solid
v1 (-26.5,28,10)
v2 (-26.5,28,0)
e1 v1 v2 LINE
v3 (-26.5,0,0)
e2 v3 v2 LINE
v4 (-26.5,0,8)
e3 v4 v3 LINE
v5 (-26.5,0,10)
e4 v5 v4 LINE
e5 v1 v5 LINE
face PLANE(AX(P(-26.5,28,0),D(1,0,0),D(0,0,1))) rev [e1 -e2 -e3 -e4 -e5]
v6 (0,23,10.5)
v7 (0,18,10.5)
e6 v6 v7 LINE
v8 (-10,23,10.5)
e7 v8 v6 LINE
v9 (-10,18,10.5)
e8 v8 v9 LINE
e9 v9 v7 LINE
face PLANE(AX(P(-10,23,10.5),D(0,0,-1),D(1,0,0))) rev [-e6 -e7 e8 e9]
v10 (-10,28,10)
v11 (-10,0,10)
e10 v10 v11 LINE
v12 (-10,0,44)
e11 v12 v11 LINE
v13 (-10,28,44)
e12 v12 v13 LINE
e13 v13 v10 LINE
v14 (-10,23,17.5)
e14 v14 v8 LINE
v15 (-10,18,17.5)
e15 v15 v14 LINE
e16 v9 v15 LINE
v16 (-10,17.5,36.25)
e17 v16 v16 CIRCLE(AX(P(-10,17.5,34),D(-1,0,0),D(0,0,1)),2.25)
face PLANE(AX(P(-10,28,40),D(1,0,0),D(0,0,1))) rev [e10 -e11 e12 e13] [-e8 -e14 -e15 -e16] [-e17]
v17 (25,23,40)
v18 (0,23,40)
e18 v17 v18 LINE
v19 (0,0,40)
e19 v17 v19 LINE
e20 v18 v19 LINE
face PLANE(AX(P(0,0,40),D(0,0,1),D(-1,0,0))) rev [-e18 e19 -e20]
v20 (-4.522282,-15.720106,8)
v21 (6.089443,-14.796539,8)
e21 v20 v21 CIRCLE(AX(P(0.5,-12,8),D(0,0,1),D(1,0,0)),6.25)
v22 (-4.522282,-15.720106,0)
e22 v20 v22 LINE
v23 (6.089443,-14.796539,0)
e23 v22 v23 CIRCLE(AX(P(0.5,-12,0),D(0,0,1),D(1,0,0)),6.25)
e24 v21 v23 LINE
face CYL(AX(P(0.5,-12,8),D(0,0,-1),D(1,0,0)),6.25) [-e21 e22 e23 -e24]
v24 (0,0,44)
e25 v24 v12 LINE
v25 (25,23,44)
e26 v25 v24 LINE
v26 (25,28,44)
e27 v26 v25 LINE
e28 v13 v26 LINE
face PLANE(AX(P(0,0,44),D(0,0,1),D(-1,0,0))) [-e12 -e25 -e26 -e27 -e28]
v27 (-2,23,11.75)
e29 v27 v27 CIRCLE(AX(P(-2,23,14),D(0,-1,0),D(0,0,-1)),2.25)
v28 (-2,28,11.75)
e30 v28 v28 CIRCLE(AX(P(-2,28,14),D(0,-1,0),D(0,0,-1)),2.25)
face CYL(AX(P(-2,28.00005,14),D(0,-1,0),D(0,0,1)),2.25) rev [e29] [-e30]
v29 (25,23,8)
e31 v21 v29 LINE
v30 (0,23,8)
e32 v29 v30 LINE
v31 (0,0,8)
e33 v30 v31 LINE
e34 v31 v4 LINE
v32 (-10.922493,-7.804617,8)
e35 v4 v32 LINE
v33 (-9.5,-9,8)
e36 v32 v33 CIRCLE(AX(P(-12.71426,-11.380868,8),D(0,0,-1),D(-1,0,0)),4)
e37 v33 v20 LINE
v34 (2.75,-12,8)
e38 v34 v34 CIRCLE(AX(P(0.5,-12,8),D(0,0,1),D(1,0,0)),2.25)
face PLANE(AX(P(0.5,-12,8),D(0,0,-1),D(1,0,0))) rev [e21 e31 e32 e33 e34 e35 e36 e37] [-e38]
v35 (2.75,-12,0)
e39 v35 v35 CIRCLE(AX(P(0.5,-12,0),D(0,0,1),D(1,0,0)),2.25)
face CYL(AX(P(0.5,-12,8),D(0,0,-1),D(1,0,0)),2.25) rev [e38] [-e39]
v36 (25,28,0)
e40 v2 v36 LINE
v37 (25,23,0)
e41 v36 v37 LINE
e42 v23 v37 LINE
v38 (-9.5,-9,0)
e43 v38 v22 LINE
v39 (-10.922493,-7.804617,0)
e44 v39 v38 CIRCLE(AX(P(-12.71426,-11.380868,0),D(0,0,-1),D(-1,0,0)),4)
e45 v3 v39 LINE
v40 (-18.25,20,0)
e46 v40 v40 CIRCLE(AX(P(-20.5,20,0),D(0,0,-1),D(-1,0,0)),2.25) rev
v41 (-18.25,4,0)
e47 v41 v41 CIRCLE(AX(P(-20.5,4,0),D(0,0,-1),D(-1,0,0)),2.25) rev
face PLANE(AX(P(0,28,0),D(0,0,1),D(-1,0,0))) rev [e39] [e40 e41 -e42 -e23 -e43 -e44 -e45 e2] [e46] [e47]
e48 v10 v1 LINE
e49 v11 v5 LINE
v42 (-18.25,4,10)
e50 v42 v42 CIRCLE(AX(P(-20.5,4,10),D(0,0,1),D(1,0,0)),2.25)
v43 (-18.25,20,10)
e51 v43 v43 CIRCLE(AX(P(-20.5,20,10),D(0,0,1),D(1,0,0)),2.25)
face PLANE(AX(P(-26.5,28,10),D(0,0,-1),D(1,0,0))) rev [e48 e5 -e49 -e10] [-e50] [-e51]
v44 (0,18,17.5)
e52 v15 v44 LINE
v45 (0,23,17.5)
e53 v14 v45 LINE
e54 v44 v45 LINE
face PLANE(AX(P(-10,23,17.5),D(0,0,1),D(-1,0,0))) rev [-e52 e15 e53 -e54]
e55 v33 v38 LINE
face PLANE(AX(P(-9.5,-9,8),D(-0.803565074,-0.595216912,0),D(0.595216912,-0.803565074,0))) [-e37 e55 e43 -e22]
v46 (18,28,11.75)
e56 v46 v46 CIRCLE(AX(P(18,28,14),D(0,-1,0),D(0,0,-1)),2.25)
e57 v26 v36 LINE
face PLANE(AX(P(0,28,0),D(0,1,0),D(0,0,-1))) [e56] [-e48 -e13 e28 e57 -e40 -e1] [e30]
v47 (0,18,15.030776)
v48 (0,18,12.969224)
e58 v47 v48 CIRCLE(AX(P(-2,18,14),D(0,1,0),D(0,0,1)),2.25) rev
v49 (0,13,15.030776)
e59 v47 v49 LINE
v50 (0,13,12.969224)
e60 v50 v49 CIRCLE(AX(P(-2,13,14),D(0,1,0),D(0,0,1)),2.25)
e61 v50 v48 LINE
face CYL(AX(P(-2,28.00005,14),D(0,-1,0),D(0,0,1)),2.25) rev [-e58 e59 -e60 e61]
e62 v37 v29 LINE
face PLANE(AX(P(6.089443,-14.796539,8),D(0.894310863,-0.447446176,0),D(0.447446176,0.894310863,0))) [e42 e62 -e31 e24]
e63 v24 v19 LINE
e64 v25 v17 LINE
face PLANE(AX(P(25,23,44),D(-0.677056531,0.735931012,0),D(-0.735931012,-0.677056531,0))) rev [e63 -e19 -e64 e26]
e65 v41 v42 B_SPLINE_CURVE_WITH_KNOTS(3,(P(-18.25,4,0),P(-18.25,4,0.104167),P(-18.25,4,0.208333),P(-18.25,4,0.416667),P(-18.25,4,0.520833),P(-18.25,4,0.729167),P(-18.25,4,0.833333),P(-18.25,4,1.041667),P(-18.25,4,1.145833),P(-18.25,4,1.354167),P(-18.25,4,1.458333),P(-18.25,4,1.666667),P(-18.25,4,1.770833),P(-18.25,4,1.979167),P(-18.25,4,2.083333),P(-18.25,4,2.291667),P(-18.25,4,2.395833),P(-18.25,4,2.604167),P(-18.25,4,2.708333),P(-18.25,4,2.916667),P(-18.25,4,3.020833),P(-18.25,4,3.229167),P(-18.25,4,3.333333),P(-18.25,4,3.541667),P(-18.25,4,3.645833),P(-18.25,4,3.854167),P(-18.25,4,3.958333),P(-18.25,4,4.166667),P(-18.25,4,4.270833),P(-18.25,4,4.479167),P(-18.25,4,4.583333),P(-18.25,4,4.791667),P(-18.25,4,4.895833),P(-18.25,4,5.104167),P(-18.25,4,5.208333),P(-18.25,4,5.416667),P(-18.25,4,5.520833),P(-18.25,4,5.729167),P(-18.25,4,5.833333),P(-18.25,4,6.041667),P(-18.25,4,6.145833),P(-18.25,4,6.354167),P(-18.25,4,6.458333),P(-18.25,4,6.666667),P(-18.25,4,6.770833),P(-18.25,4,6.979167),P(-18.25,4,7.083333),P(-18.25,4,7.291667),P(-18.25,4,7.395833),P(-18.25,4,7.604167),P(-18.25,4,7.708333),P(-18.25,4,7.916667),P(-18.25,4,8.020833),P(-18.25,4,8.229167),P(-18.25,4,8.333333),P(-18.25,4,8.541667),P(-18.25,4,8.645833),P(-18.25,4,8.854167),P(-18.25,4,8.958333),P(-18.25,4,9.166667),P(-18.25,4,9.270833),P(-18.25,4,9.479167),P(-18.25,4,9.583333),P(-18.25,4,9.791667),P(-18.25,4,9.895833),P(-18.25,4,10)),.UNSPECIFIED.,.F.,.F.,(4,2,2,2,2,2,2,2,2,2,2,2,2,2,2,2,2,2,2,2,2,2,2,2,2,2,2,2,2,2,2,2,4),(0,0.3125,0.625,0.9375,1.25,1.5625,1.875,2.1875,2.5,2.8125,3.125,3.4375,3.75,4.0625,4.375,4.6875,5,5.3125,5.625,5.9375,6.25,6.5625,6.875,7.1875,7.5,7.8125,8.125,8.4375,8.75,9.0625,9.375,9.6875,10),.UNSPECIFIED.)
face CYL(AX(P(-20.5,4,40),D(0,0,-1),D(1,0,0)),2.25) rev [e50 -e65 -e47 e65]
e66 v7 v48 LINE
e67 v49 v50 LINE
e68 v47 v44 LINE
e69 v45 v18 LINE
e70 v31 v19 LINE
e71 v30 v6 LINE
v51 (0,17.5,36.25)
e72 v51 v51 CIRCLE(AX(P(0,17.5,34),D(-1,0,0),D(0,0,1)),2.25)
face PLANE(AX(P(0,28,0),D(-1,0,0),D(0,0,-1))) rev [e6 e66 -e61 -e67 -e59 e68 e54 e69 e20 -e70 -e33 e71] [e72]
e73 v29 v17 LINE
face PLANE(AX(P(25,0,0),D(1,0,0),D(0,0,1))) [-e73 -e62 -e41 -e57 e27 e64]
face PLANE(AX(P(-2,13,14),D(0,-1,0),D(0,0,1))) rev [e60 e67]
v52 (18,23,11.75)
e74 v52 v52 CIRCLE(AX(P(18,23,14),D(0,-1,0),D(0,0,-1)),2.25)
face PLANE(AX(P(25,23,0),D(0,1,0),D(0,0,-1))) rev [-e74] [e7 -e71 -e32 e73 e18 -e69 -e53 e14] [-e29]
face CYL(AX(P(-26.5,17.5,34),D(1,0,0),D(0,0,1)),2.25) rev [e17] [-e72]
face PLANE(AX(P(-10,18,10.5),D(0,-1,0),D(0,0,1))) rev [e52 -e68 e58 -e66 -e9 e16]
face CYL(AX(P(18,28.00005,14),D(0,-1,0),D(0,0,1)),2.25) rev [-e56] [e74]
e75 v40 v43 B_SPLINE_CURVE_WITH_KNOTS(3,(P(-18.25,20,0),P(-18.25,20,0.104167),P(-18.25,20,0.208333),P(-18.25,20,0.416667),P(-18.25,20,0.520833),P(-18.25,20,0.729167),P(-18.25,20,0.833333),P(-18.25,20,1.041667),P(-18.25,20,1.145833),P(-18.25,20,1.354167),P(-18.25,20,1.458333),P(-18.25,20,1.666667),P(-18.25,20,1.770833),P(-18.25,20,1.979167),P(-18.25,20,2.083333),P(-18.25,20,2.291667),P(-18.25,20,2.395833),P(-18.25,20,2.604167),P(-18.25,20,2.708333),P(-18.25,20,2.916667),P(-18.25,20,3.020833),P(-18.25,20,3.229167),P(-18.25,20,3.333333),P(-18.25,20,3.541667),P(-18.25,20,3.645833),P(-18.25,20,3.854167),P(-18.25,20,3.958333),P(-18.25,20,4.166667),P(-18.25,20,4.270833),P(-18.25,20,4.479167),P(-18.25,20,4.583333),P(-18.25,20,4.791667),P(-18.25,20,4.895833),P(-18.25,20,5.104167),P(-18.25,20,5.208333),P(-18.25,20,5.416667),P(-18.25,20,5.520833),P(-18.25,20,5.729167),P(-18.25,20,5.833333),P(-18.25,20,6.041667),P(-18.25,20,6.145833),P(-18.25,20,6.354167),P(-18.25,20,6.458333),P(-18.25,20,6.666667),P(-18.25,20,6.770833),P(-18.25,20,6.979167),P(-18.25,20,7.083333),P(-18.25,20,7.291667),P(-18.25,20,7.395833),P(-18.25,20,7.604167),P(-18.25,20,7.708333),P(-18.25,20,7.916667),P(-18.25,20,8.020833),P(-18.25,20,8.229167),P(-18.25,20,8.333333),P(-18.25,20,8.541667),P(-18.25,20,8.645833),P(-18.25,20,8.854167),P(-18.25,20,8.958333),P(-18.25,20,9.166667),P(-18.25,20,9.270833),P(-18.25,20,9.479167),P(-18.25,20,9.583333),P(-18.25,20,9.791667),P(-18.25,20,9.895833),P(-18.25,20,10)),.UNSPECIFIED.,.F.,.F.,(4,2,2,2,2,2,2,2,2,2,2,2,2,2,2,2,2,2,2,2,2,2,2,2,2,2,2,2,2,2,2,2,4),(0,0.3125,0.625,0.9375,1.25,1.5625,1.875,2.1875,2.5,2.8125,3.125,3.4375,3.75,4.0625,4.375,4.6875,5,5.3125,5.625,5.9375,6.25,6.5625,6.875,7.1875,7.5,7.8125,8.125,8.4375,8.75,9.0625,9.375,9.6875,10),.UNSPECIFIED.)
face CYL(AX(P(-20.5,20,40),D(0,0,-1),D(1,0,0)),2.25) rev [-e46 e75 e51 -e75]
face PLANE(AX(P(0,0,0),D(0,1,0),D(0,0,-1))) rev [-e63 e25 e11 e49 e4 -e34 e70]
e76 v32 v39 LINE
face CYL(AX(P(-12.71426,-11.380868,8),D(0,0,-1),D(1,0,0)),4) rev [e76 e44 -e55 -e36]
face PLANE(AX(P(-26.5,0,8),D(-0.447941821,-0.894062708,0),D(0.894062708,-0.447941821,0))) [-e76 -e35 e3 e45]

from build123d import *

# Parameters (mm, degrees)
BOSS_EXTRUDE1_DEPTH     = 28
BOSS_EXTRUDE2_DEPTH     = 12
SKETCH3_R               = 2.25
CUT_EXTRUDE1_DEPTH      = 62.565006294
SKETCH4_R               = 2.25
CUT_EXTRUDE2_DEPTH      = 56.554027757
SKETCH5_W               = 40
SKETCH5_H               = 5
BOSS_EXTRUDE3_DEPTH     = 25
CUT_EXTRUDE3_DEPTH      = 10
CUT_EXTRUDE3_DEPTH_BACK = 54.209491634
SKETCH6_R               = 2.25
SKETCH7_W               = 7
SKETCH7_H               = 5
CUT_EXTRUDE4_DEPTH      = 10
SKETCH8_R               = 2.25
BOSS_EXTRUDE4_DEPTH     = 8
BOSS_EXTRUDE6_DEPTH     = 4
SKETCH10_W              = 8
SKETCH10_H              = 28
CUT_EXTRUDE5_DEPTH      = 66.423619588


with BuildPart() as part:
    # Sketch1 → Boss-Extrude1 (new body)
    with BuildSketch(Plane(origin=(0, 0, 0), x_dir=(1, 0, 0), z_dir=(0, 1, 0))):
        Polygon((0, 0), (-26.5, 0), (-26.5, 10), (-10, 10), (-10, 40), (0, 40), align=None)
    extrude(amount=BOSS_EXTRUDE1_DEPTH)

    # Sketch2 → Boss-Extrude2 (add)
    with BuildSketch(Plane.ZY.offset(26.5)):
        with BuildLine():
            Line((0, 28), (0, 0))
            Line((0, 0), (8, 0))
            Line((8, 0), (8, 8))
            ThreePointArc((8, 8), (4, 12), (8, 16))
            Line((8, 16), (8, 28))
            Line((8, 28), (0, 28))
        make_face()
    extrude(amount=-BOSS_EXTRUDE2_DEPTH)

    # Sketch3 → Cut-Extrude1 (cut, through all)
    with BuildSketch(Plane.XY.offset(8)):
        with Locations((-20.5, 20)):
            Circle(SKETCH3_R)
        with Locations((-20.5, 4)):
            Circle(SKETCH3_R)
    extrude(amount=-CUT_EXTRUDE1_DEPTH, mode=Mode.SUBTRACT)

    # Sketch4 → Cut-Extrude2 (cut, through all)
    with BuildSketch(Plane(origin=(0, 0, 0), x_dir=(0, 0, -1), z_dir=(1, 0, 0))):
        with Locations((34, 17.5)):
            Circle(SKETCH4_R)
    extrude(amount=-CUT_EXTRUDE2_DEPTH, mode=Mode.SUBTRACT)

    # Sketch5 → Boss-Extrude3 (add)
    with BuildSketch(Plane(origin=(0, 0, 0), x_dir=(0, 0, -1), z_dir=(1, 0, 0))):
        with Locations((20, 25.5)):
            Rectangle(SKETCH5_W, SKETCH5_H)
    extrude(amount=BOSS_EXTRUDE3_DEPTH)

    # Sketch6 → Cut-Extrude3 (cut, two sides: drawn at the far end of the back side and taken through both)
    with BuildSketch(Plane.XZ.offset(-23).offset(-CUT_EXTRUDE3_DEPTH_BACK)):
        with Locations(Location((-2, -14, 0), (0, 0, 332.733955549))):
            Circle(SKETCH6_R)
        with Locations(Location((18, -14, 0), (0, 0, 90))):
            Circle(SKETCH6_R)
    extrude(amount=CUT_EXTRUDE3_DEPTH + CUT_EXTRUDE3_DEPTH_BACK, mode=Mode.SUBTRACT)

    # Sketch7 → Cut-Extrude4 (cut)
    with BuildSketch(Plane(origin=(0, 0, 0), x_dir=(0, 0, -1), z_dir=(1, 0, 0))):
        with Locations((14, 20.5)):
            Rectangle(SKETCH7_W, SKETCH7_H)
    extrude(amount=-CUT_EXTRUDE4_DEPTH, mode=Mode.SUBTRACT)

    # Sketch8 → Boss-Extrude4 (add)
    with BuildSketch(Plane.XY):
        with BuildLine():
            Line((-9.5, -9), (-4.52228171, -15.720105701))
            ThreePointArc((-4.52228171, -15.720105701), (1.041905897, -18.22646272), (6.089442895, -14.796538598))
            Line((6.089442895, -14.796538598), (25, 23))
            Line((25, 23), (0, 23))
            Line((0, 23), (0, 0))
            Line((0, 0), (-26.5, 0))
            Line((-26.5, 0), (-10.922493011, -7.804616818))
            ThreePointArc((-10.922493011, -7.804616818), (-10.14087473, -8.318566759), (-9.5, -9))
        make_face()
        with Locations((0.5, -12)):
            Circle(SKETCH8_R, mode=Mode.SUBTRACT)
    extrude(amount=-BOSS_EXTRUDE4_DEPTH)

    # Sketch9 → Boss-Extrude6 (add)
    with BuildSketch(Plane(origin=(0, 0, -40), x_dir=(-1, 0, 0), z_dir=(0, 0, -1))):
        Polygon((-25, 23), (0, 0), (10, 0), (10, 28), (-25, 28), align=None)
    extrude(amount=BOSS_EXTRUDE6_DEPTH)

    # Sketch10 → Cut-Extrude5 (cut, through all)
    with BuildSketch(Plane(origin=(-14.5, 0, 0), x_dir=(0, 0, -1), z_dir=(1, 0, 0))):
        with Locations((-4, 14)):
            Rectangle(SKETCH10_W, SKETCH10_H)
    extrude(amount=-CUT_EXTRUDE5_DEPTH, mode=Mode.SUBTRACT)


with BuildPart() as body_2:
    # Mirror1: mirrored copy
    add(part.part.mirror(Plane(origin=(0, 28, 0), x_dir=(1, 0, 0), z_dir=(0, 0, -1))))


solid = body_2.part
